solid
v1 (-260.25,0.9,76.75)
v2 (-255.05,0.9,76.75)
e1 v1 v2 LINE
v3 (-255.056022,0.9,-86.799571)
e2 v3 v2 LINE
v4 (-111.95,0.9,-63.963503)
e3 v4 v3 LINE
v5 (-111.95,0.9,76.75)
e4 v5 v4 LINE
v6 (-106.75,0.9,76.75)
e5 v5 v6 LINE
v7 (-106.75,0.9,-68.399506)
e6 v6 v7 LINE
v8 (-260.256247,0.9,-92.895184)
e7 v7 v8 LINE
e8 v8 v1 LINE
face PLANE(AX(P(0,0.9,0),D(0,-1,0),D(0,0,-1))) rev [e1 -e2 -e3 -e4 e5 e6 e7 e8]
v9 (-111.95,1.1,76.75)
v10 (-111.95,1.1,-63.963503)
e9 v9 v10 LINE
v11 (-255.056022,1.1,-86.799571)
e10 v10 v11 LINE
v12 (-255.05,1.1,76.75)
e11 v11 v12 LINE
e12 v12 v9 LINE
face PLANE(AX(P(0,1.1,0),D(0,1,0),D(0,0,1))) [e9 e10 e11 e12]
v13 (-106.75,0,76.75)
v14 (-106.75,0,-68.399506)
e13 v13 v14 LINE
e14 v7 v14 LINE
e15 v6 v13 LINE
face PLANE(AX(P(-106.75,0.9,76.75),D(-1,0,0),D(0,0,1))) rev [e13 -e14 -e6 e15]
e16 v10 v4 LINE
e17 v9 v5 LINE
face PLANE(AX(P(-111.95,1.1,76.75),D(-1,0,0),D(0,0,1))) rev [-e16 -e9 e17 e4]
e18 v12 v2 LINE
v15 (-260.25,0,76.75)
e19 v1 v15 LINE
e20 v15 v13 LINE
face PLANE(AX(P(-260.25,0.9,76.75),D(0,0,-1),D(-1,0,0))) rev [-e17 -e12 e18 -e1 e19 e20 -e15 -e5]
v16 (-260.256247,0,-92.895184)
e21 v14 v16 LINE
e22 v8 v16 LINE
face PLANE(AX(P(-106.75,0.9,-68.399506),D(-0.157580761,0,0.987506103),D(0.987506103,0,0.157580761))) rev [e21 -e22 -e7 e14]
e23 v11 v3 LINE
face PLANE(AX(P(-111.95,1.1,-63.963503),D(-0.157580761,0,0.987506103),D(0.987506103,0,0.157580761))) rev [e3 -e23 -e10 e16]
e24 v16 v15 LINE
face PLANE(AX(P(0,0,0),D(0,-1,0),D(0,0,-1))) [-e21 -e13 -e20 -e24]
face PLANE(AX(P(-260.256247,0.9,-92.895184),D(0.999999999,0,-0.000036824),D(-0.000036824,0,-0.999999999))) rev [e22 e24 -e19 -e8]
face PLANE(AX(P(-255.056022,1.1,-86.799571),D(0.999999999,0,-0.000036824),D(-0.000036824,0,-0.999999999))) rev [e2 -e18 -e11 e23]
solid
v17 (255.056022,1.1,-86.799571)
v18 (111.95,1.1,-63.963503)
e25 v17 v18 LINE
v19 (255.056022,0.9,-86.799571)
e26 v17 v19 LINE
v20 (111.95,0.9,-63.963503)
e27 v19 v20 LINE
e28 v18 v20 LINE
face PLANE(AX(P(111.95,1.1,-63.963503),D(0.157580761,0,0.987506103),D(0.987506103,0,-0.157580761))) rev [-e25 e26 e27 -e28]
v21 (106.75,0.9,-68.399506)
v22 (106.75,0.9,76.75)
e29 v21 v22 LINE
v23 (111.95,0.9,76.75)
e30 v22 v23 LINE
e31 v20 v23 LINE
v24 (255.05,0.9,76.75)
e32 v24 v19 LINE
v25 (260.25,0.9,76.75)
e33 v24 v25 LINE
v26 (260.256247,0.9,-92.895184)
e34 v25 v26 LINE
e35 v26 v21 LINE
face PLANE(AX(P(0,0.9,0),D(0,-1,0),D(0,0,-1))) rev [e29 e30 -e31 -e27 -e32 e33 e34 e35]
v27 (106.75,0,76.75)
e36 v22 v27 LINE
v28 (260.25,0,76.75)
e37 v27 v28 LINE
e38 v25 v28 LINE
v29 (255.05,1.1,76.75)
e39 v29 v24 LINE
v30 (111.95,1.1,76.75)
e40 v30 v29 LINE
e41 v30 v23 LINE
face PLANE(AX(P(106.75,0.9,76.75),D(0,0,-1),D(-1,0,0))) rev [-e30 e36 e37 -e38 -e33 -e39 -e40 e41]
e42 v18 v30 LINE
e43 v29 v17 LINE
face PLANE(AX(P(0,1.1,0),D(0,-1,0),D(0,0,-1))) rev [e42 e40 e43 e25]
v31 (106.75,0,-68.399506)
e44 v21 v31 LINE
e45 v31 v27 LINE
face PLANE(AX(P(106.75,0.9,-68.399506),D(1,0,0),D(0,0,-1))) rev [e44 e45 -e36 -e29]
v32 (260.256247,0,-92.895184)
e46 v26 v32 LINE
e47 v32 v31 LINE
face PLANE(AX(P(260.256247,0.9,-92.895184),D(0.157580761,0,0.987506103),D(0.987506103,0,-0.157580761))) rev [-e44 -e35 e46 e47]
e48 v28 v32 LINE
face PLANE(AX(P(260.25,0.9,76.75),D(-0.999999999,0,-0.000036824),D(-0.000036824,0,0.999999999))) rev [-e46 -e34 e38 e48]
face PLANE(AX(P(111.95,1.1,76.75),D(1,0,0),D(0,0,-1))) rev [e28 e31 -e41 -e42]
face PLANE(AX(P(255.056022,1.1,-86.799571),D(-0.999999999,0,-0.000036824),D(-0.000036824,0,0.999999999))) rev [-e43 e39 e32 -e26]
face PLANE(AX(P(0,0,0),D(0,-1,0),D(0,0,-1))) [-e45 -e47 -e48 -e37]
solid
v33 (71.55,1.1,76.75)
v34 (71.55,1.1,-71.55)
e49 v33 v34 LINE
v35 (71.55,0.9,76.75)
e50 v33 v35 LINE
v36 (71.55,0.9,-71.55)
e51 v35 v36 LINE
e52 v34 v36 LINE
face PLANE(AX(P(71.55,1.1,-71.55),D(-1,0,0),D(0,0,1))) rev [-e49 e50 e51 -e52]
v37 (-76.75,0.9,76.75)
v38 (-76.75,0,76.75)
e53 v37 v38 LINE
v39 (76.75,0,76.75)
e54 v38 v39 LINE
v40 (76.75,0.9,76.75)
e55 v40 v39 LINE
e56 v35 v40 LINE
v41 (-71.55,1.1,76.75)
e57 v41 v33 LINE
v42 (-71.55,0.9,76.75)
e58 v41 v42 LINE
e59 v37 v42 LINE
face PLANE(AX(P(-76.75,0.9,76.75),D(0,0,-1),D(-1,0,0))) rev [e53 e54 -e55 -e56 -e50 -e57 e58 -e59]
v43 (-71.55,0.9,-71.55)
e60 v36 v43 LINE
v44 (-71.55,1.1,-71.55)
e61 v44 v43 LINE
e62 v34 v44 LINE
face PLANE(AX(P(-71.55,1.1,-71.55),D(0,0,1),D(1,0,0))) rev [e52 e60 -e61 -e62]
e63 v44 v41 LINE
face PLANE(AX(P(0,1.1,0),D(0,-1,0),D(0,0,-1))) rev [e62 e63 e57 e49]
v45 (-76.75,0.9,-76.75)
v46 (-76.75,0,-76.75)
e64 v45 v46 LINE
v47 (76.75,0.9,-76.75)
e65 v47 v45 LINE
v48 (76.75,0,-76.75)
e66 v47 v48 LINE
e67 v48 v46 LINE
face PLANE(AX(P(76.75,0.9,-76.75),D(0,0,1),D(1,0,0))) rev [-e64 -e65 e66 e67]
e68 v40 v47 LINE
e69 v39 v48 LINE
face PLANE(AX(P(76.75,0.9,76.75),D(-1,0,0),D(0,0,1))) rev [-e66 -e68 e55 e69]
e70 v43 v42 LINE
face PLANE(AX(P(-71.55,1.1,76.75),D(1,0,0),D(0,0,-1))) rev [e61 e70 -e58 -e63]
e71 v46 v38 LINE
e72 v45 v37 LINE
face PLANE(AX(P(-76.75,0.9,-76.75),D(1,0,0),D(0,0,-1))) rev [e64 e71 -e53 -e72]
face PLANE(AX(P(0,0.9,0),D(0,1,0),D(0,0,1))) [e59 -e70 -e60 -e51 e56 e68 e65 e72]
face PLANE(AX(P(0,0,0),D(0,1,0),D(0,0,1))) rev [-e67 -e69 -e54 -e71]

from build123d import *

# Parameters (mm, degrees)
SKETCH1_W             = 153.5
SKETCH1_H             = 153.5
BOSS_EXTRUDE1_DEPTH   = 0.9
BOSS_EXTRUDE1_2_DEPTH = 0.9
BOSS_EXTRUDE1_3_DEPTH = 0.9
SKETCH2_W             = 143.1
SKETCH2_H             = 148.3
BOSS_EXTRUDE2_DEPTH   = 0.2


with BuildPart() as part:
    # Sketch1 → Boss-Extrude1 (new body)
    with BuildSketch(Plane(origin=(0, 0, 0), x_dir=(1, 0, 0), z_dir=(0, 1, 0))):
        Rectangle(SKETCH1_W, SKETCH1_H)
    extrude(amount=BOSS_EXTRUDE1_DEPTH)



with BuildPart() as body_2:
    # Sketch1 → Boss-Extrude1 2 (new body)
    with BuildSketch(Plane(origin=(0, 0, 0), x_dir=(1, 0, 0), z_dir=(0, 1, 0))):
        Polygon((-260.256246951, 92.895183815), (-260.25, -76.75), (-106.75, -76.75), (-106.75, 68.39950611), align=None)
    extrude(amount=BOSS_EXTRUDE1_2_DEPTH)


with BuildPart() as body_3:
    # Sketch1 → Boss-Extrude1 3 (new body)
    with BuildSketch(Plane(origin=(0, 0, 0), x_dir=(1, 0, 0), z_dir=(0, 1, 0))):
        Polygon((260.256246951, 92.895183815), (106.75, 68.39950611), (106.75, -76.75), (260.25, -76.75), align=None)
    extrude(amount=BOSS_EXTRUDE1_3_DEPTH)


with BuildPart() as part_1:
    add(part.part)

    add(body_2.part)  # Boss-Extrude2 merges body 2

    add(body_3.part)  # Boss-Extrude2 merges body 3
    # Sketch2 → Boss-Extrude2 (add)
    with BuildSketch(Plane(origin=(0, 0.9, 0), x_dir=(1, 0, 0), z_dir=(0, 1, 0))):
        with Locations((0, -2.6)):
            Rectangle(SKETCH2_W, SKETCH2_H)
        Polygon((-111.95, -76.75), (-111.95, 63.963503104), (-255.056022485, 86.799570522), (-255.049999996, -76.75), align=None)
        Polygon((111.95, -76.75), (111.95, 63.963503104), (255.056022485, 86.799570522), (255.049999996, -76.75), align=None)
    extrude(amount=BOSS_EXTRUDE2_DEPTH)


solid = part_1.part
